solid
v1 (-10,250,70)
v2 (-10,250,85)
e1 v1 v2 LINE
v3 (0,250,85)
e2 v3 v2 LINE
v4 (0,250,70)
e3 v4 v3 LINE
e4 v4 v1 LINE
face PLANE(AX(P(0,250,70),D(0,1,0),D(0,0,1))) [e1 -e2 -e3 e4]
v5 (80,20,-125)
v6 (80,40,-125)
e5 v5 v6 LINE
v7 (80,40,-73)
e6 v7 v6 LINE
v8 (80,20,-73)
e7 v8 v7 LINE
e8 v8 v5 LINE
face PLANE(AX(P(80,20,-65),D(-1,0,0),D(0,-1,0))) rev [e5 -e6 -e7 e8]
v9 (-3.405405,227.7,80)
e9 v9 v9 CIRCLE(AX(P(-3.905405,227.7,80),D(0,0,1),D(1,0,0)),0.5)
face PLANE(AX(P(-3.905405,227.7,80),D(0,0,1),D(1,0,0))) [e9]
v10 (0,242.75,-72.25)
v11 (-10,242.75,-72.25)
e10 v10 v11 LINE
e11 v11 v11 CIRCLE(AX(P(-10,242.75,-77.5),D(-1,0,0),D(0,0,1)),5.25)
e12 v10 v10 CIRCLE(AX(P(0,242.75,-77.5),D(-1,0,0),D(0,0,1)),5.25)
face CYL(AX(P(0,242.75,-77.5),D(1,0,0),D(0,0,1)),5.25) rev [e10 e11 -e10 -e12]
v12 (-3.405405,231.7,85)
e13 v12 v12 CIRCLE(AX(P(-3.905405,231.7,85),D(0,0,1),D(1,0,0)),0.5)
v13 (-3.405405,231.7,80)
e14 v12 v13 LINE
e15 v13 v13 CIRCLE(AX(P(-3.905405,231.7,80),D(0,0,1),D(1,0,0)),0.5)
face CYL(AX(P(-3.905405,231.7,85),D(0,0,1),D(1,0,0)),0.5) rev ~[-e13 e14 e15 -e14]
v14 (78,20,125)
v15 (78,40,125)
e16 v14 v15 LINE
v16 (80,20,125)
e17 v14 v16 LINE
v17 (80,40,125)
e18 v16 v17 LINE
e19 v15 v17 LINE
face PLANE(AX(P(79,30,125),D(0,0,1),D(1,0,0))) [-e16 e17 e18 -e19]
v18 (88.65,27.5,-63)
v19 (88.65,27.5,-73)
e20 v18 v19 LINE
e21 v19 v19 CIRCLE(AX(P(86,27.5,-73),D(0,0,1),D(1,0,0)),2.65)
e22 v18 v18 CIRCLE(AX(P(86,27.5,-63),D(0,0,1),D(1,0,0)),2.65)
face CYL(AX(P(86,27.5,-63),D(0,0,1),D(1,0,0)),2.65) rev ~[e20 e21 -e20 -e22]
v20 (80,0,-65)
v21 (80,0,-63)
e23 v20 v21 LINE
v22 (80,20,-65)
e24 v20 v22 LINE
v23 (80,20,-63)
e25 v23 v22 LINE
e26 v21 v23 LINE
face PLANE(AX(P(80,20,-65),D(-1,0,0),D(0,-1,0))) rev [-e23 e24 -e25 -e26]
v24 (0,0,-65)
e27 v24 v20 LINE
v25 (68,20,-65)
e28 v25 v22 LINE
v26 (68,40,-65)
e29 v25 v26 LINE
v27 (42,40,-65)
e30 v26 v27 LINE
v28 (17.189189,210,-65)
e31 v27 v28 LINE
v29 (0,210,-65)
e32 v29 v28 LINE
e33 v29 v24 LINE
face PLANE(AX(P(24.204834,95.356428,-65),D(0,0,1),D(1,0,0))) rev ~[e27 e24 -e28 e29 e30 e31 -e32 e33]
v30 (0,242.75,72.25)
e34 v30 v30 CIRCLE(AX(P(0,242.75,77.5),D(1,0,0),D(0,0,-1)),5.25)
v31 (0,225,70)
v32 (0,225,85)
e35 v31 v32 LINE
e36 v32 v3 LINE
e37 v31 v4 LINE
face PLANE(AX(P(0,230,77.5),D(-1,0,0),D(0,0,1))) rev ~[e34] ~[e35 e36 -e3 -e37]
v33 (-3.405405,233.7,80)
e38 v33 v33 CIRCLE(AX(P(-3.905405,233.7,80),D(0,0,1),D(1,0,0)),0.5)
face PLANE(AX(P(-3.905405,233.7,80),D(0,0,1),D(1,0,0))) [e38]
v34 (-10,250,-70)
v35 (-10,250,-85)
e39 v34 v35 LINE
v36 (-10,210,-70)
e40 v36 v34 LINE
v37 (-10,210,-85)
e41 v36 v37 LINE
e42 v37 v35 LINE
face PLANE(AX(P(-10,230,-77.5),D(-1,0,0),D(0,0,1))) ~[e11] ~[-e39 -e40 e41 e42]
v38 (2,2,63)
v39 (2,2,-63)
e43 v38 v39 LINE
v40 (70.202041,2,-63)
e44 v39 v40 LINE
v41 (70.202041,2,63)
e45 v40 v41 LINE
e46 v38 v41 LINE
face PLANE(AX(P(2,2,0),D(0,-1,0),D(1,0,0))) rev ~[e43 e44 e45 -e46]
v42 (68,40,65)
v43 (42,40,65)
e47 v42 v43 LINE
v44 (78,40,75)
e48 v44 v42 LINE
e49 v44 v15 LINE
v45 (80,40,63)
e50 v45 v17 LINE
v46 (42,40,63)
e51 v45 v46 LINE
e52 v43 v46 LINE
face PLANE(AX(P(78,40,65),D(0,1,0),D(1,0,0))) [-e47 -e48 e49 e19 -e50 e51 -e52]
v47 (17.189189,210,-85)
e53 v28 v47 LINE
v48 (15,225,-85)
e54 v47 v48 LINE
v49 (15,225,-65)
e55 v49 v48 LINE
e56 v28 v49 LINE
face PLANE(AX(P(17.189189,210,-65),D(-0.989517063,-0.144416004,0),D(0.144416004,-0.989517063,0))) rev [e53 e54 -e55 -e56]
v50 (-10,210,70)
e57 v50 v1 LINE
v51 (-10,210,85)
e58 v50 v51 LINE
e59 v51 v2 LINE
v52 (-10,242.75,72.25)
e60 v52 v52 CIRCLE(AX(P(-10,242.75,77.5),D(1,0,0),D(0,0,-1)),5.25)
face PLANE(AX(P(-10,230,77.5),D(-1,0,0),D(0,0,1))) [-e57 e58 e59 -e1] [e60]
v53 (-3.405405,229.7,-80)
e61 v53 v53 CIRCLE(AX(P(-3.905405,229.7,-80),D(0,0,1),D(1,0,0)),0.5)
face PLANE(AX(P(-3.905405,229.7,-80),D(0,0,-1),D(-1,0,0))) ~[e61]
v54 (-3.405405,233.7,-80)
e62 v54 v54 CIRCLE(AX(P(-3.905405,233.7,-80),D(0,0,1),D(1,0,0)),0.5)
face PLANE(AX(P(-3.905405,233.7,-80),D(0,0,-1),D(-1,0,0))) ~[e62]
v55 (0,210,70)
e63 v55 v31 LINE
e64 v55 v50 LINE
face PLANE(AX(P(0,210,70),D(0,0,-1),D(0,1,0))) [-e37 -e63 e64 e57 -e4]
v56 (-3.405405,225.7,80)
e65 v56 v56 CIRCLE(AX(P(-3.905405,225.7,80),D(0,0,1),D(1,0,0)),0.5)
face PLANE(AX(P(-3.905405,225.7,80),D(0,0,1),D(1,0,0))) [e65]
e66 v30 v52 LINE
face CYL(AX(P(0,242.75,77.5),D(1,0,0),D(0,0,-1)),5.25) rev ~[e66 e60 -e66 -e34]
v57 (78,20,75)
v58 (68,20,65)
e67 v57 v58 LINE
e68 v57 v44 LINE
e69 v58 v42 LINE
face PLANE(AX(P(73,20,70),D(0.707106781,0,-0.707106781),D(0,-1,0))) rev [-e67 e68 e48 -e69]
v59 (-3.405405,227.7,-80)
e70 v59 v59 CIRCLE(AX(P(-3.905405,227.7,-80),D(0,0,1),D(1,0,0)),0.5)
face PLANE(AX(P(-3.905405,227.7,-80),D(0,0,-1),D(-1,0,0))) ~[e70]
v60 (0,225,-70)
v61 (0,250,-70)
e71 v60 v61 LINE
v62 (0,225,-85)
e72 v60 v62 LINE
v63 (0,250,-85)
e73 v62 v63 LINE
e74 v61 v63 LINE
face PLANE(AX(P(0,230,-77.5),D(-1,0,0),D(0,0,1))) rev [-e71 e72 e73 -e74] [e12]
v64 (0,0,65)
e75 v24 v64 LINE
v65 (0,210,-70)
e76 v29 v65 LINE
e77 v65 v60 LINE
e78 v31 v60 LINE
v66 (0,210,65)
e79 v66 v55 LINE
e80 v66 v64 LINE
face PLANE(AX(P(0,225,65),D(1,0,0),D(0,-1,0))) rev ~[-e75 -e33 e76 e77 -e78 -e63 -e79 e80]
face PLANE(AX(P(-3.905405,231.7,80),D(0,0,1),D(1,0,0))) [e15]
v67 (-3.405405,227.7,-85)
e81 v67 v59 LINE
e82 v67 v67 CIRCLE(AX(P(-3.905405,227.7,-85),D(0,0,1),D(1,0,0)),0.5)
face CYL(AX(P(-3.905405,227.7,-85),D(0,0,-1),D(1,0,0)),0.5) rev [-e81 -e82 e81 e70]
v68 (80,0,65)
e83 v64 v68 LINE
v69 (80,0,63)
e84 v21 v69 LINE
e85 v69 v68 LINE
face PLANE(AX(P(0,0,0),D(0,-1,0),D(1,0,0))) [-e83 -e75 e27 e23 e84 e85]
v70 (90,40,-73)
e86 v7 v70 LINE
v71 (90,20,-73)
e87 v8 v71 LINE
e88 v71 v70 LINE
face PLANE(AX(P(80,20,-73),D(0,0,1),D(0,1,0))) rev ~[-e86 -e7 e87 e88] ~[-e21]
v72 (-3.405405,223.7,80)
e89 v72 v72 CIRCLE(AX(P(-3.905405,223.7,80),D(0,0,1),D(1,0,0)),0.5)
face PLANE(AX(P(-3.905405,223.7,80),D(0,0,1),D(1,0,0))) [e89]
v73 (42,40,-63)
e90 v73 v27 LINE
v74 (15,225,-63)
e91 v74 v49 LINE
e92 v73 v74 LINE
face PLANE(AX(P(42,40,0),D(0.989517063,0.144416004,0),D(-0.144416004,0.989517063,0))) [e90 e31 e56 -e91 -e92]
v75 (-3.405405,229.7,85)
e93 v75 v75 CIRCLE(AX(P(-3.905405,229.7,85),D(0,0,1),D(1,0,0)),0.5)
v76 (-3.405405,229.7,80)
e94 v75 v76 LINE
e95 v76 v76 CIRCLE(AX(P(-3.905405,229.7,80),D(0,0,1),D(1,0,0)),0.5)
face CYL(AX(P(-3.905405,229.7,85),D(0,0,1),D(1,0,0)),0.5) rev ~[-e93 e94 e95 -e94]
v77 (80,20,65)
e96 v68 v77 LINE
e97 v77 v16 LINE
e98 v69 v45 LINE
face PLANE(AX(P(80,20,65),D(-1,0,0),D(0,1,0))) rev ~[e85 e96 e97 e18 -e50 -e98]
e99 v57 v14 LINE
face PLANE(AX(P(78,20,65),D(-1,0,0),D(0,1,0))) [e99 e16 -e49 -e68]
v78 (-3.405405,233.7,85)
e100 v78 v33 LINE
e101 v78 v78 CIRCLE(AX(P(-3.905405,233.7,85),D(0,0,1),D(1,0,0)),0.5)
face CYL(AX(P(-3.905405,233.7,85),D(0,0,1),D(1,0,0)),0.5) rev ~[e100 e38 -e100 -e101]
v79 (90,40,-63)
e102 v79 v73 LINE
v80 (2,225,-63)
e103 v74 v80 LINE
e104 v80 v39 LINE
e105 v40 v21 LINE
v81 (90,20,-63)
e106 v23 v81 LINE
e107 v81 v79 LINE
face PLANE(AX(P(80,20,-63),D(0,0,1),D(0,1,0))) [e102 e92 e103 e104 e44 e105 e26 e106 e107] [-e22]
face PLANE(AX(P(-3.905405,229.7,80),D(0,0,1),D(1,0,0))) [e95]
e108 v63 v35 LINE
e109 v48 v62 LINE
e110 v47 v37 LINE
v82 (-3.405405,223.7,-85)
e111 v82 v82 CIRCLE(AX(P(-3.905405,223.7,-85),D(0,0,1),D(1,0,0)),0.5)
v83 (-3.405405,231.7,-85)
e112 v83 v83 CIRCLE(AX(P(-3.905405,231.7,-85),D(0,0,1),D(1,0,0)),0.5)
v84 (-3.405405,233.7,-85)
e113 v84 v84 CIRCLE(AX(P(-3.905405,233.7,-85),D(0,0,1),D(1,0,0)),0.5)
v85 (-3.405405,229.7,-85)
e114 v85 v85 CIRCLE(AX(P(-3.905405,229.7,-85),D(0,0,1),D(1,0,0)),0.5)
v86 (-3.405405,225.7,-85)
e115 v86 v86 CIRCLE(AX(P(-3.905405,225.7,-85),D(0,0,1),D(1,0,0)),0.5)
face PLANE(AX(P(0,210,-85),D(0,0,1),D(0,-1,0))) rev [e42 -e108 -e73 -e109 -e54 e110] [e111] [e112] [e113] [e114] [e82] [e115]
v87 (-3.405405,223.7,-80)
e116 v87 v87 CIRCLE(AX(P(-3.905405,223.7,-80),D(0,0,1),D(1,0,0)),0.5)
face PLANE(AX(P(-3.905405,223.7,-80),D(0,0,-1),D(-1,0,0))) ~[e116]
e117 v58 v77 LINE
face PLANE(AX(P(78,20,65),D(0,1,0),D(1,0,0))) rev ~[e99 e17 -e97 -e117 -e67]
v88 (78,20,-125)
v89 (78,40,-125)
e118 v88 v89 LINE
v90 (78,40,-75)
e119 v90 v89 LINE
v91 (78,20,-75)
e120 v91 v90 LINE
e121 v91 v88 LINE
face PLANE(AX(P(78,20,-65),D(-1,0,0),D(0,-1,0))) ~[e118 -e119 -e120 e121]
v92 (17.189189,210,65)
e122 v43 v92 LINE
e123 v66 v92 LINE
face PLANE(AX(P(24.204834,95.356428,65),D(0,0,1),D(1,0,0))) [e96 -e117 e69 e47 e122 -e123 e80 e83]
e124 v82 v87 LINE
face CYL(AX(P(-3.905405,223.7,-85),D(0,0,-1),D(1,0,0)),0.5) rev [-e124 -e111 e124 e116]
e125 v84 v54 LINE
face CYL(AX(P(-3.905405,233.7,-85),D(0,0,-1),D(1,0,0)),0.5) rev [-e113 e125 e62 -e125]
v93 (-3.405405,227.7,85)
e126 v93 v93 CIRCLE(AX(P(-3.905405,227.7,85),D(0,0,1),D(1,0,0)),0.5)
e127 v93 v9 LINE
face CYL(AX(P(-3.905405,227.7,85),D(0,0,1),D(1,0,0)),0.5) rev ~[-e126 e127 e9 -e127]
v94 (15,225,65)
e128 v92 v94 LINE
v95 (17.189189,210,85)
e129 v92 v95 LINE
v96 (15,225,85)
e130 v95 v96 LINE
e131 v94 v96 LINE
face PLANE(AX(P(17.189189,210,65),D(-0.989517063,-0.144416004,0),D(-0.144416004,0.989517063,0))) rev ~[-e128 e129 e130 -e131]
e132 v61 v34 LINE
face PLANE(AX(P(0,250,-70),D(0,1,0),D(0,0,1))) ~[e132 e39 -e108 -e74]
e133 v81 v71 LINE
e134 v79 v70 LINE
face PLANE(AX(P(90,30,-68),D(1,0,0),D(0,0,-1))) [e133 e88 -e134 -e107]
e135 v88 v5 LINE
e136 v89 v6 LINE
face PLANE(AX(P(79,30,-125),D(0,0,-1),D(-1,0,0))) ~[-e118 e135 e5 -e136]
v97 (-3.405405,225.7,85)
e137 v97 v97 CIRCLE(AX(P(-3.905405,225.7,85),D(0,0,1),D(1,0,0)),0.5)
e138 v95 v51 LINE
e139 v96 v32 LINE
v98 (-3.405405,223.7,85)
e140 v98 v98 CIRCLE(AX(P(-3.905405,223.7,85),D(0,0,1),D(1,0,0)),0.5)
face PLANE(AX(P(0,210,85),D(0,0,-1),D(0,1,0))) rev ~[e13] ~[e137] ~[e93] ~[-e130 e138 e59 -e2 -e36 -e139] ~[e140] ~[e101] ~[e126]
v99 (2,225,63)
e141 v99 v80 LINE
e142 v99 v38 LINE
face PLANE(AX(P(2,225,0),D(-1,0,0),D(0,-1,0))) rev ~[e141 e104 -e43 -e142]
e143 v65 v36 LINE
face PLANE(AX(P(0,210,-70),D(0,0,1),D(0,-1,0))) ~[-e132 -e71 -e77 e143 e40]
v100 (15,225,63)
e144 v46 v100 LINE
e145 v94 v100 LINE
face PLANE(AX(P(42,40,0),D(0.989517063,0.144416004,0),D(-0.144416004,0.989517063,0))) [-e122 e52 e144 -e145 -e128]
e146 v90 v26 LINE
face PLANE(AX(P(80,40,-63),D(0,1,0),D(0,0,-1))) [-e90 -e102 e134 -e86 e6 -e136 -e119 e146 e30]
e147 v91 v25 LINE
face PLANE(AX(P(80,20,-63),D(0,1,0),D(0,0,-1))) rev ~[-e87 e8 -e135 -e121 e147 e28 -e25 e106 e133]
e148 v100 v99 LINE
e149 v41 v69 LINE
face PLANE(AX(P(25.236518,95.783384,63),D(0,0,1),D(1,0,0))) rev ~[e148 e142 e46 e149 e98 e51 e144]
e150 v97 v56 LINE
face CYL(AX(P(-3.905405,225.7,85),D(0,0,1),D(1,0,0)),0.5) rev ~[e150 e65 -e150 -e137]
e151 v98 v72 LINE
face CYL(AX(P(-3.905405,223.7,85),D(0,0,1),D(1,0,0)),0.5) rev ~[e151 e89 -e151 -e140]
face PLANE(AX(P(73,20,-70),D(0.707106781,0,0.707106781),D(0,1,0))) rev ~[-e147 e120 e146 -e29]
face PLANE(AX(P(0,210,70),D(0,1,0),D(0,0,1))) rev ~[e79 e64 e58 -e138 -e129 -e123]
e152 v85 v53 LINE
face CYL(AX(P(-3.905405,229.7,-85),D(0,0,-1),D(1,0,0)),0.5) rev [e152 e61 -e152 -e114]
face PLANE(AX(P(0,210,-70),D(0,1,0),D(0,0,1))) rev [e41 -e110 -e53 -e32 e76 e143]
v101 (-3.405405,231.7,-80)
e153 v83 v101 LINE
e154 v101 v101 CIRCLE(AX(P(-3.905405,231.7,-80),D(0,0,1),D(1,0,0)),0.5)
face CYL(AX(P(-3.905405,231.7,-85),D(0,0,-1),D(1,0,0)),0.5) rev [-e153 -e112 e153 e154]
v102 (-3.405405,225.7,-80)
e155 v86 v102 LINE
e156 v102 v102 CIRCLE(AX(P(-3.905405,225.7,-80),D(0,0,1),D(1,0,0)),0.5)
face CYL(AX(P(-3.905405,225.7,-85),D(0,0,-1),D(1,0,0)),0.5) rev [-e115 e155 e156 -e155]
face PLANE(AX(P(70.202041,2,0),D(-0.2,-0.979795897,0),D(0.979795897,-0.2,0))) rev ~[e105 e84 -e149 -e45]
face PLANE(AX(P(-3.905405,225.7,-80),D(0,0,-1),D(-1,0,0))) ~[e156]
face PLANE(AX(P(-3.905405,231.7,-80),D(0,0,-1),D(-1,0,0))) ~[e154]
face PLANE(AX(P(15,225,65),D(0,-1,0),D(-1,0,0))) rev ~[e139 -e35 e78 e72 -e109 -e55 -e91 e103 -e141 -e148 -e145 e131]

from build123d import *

# Parameters (mm, degrees)
BOSS_EXTRUDE2_DEPTH = 65
CUT_EXTRUDE1_DEPTH  = 63
BOSS_EXTRUDE6_DEPTH = 20
SKETCH26_W          = 15
SKETCH26_H          = 40
BOSS_EXTRUDE7_DEPTH = 10
SKETCH27_R          = 0.5
CUT_EXTRUDE3_DEPTH  = 5
SKETCH29_R          = 5.25
CUT_EXTRUDE4_DEPTH  = 10
SKETCH30_W          = 2
SKETCH30_H          = 20
BOSS_EXTRUDE8_DEPTH = 60
CHAMFER1_SIZE       = 10
SKETCH32_W          = 10
SKETCH32_H          = 20
BOSS_EXTRUDE9_DEPTH = 10
SKETCH33_R          = 2.65
CUT_EXTRUDE5_DEPTH  = 10


with BuildPart() as part:
    # Sketch2 → Boss-Extrude2 (new, symmetric)
    with BuildSketch(Plane.XY):
        Polygon((15, 225), (0, 225), (0, 0), (80, 0), (80, 40), (42, 40), align=None)
    extrude(amount=BOSS_EXTRUDE2_DEPTH, both=True)

    # Sketch5 → Cut-Extrude1 (cut, symmetric)
    with BuildSketch(Plane.XY):
        Polygon((2, 2), (70.202041029, 2), (80, 0), (80, 40), (42, 40), (15, 225), (2, 225), align=None)
    extrude(amount=CUT_EXTRUDE1_DEPTH, both=True, mode=Mode.SUBTRACT)

    # Sketch25 → Boss-Extrude6 (add)
    with BuildSketch(Plane.XY.offset(65)):
        Polygon((17.189189189, 210), (15, 225), (0, 225), (0, 210), align=None)
    extrude(amount=BOSS_EXTRUDE6_DEPTH)

    # Sketch26 → Boss-Extrude7 (add)
    with BuildSketch(Plane.ZY):
        with Locations((77.5, 230)):
            Rectangle(SKETCH26_W, SKETCH26_H)
    extrude(amount=BOSS_EXTRUDE7_DEPTH)

    # Sketch27 → Cut-Extrude3 (cut)
    with BuildSketch(Plane.XY.offset(85)):
        with Locations((-3.905405405, 231.7)):
            Circle(SKETCH27_R)
        with Locations((-3.905405405, 233.7)):
            Circle(SKETCH27_R)
        with Locations((-3.905405405, 229.7)):
            Circle(SKETCH27_R)
        with Locations((-3.905405405, 227.7)):
            Circle(SKETCH27_R)
        with Locations((-3.905405405, 225.7)):
            Circle(SKETCH27_R)
        with Locations((-3.905405405, 223.7)):
            Circle(SKETCH27_R)
    extrude(amount=-CUT_EXTRUDE3_DEPTH, mode=Mode.SUBTRACT)

    # Sketch29 → Cut-Extrude4 (cut)
    with BuildSketch(Plane(origin=(0, 0, 0), x_dir=(0, 0, -1), z_dir=(1, 0, 0))):
        with Locations((-77.5, 242.75)):
            Circle(SKETCH29_R)
    extrude(amount=-CUT_EXTRUDE4_DEPTH, mode=Mode.SUBTRACT)

    # Sketch30 → Boss-Extrude8 (add)
    with BuildSketch(Plane.XY.offset(65)):
        with Locations((79, 30)):
            Rectangle(SKETCH30_W, SKETCH30_H)
    extrude(amount=BOSS_EXTRUDE8_DEPTH)

    # Chamfer1
    chamfer1_edges = [part.edges().sort_by_distance(p)[0] for p in [
        (78, 30, 65),
    ]]
    chamfer(chamfer1_edges, length=CHAMFER1_SIZE)

    # Mirror3: part across plane


with BuildPart() as part_1:
    add(part.part)
    add(part.part.mirror(Plane(origin=(0, 0, 0), x_dir=(1, 0, 0), z_dir=(0, 0, -1))))

    # Sketch32 → Boss-Extrude9 (add)
    with BuildSketch(Plane(origin=(80, 0, 0), x_dir=(0, 0, -1), z_dir=(1, 0, 0))):
        with Locations((68, 30)):
            Rectangle(SKETCH32_W, SKETCH32_H)
    extrude(amount=BOSS_EXTRUDE9_DEPTH)

    # Sketch33 → Cut-Extrude5 (cut)
    with BuildSketch(Plane.XY.offset(-63)):
        with Locations((86, 27.5)):
            Circle(SKETCH33_R)
    extrude(amount=-CUT_EXTRUDE5_DEPTH, mode=Mode.SUBTRACT)


solid = part_1.part
